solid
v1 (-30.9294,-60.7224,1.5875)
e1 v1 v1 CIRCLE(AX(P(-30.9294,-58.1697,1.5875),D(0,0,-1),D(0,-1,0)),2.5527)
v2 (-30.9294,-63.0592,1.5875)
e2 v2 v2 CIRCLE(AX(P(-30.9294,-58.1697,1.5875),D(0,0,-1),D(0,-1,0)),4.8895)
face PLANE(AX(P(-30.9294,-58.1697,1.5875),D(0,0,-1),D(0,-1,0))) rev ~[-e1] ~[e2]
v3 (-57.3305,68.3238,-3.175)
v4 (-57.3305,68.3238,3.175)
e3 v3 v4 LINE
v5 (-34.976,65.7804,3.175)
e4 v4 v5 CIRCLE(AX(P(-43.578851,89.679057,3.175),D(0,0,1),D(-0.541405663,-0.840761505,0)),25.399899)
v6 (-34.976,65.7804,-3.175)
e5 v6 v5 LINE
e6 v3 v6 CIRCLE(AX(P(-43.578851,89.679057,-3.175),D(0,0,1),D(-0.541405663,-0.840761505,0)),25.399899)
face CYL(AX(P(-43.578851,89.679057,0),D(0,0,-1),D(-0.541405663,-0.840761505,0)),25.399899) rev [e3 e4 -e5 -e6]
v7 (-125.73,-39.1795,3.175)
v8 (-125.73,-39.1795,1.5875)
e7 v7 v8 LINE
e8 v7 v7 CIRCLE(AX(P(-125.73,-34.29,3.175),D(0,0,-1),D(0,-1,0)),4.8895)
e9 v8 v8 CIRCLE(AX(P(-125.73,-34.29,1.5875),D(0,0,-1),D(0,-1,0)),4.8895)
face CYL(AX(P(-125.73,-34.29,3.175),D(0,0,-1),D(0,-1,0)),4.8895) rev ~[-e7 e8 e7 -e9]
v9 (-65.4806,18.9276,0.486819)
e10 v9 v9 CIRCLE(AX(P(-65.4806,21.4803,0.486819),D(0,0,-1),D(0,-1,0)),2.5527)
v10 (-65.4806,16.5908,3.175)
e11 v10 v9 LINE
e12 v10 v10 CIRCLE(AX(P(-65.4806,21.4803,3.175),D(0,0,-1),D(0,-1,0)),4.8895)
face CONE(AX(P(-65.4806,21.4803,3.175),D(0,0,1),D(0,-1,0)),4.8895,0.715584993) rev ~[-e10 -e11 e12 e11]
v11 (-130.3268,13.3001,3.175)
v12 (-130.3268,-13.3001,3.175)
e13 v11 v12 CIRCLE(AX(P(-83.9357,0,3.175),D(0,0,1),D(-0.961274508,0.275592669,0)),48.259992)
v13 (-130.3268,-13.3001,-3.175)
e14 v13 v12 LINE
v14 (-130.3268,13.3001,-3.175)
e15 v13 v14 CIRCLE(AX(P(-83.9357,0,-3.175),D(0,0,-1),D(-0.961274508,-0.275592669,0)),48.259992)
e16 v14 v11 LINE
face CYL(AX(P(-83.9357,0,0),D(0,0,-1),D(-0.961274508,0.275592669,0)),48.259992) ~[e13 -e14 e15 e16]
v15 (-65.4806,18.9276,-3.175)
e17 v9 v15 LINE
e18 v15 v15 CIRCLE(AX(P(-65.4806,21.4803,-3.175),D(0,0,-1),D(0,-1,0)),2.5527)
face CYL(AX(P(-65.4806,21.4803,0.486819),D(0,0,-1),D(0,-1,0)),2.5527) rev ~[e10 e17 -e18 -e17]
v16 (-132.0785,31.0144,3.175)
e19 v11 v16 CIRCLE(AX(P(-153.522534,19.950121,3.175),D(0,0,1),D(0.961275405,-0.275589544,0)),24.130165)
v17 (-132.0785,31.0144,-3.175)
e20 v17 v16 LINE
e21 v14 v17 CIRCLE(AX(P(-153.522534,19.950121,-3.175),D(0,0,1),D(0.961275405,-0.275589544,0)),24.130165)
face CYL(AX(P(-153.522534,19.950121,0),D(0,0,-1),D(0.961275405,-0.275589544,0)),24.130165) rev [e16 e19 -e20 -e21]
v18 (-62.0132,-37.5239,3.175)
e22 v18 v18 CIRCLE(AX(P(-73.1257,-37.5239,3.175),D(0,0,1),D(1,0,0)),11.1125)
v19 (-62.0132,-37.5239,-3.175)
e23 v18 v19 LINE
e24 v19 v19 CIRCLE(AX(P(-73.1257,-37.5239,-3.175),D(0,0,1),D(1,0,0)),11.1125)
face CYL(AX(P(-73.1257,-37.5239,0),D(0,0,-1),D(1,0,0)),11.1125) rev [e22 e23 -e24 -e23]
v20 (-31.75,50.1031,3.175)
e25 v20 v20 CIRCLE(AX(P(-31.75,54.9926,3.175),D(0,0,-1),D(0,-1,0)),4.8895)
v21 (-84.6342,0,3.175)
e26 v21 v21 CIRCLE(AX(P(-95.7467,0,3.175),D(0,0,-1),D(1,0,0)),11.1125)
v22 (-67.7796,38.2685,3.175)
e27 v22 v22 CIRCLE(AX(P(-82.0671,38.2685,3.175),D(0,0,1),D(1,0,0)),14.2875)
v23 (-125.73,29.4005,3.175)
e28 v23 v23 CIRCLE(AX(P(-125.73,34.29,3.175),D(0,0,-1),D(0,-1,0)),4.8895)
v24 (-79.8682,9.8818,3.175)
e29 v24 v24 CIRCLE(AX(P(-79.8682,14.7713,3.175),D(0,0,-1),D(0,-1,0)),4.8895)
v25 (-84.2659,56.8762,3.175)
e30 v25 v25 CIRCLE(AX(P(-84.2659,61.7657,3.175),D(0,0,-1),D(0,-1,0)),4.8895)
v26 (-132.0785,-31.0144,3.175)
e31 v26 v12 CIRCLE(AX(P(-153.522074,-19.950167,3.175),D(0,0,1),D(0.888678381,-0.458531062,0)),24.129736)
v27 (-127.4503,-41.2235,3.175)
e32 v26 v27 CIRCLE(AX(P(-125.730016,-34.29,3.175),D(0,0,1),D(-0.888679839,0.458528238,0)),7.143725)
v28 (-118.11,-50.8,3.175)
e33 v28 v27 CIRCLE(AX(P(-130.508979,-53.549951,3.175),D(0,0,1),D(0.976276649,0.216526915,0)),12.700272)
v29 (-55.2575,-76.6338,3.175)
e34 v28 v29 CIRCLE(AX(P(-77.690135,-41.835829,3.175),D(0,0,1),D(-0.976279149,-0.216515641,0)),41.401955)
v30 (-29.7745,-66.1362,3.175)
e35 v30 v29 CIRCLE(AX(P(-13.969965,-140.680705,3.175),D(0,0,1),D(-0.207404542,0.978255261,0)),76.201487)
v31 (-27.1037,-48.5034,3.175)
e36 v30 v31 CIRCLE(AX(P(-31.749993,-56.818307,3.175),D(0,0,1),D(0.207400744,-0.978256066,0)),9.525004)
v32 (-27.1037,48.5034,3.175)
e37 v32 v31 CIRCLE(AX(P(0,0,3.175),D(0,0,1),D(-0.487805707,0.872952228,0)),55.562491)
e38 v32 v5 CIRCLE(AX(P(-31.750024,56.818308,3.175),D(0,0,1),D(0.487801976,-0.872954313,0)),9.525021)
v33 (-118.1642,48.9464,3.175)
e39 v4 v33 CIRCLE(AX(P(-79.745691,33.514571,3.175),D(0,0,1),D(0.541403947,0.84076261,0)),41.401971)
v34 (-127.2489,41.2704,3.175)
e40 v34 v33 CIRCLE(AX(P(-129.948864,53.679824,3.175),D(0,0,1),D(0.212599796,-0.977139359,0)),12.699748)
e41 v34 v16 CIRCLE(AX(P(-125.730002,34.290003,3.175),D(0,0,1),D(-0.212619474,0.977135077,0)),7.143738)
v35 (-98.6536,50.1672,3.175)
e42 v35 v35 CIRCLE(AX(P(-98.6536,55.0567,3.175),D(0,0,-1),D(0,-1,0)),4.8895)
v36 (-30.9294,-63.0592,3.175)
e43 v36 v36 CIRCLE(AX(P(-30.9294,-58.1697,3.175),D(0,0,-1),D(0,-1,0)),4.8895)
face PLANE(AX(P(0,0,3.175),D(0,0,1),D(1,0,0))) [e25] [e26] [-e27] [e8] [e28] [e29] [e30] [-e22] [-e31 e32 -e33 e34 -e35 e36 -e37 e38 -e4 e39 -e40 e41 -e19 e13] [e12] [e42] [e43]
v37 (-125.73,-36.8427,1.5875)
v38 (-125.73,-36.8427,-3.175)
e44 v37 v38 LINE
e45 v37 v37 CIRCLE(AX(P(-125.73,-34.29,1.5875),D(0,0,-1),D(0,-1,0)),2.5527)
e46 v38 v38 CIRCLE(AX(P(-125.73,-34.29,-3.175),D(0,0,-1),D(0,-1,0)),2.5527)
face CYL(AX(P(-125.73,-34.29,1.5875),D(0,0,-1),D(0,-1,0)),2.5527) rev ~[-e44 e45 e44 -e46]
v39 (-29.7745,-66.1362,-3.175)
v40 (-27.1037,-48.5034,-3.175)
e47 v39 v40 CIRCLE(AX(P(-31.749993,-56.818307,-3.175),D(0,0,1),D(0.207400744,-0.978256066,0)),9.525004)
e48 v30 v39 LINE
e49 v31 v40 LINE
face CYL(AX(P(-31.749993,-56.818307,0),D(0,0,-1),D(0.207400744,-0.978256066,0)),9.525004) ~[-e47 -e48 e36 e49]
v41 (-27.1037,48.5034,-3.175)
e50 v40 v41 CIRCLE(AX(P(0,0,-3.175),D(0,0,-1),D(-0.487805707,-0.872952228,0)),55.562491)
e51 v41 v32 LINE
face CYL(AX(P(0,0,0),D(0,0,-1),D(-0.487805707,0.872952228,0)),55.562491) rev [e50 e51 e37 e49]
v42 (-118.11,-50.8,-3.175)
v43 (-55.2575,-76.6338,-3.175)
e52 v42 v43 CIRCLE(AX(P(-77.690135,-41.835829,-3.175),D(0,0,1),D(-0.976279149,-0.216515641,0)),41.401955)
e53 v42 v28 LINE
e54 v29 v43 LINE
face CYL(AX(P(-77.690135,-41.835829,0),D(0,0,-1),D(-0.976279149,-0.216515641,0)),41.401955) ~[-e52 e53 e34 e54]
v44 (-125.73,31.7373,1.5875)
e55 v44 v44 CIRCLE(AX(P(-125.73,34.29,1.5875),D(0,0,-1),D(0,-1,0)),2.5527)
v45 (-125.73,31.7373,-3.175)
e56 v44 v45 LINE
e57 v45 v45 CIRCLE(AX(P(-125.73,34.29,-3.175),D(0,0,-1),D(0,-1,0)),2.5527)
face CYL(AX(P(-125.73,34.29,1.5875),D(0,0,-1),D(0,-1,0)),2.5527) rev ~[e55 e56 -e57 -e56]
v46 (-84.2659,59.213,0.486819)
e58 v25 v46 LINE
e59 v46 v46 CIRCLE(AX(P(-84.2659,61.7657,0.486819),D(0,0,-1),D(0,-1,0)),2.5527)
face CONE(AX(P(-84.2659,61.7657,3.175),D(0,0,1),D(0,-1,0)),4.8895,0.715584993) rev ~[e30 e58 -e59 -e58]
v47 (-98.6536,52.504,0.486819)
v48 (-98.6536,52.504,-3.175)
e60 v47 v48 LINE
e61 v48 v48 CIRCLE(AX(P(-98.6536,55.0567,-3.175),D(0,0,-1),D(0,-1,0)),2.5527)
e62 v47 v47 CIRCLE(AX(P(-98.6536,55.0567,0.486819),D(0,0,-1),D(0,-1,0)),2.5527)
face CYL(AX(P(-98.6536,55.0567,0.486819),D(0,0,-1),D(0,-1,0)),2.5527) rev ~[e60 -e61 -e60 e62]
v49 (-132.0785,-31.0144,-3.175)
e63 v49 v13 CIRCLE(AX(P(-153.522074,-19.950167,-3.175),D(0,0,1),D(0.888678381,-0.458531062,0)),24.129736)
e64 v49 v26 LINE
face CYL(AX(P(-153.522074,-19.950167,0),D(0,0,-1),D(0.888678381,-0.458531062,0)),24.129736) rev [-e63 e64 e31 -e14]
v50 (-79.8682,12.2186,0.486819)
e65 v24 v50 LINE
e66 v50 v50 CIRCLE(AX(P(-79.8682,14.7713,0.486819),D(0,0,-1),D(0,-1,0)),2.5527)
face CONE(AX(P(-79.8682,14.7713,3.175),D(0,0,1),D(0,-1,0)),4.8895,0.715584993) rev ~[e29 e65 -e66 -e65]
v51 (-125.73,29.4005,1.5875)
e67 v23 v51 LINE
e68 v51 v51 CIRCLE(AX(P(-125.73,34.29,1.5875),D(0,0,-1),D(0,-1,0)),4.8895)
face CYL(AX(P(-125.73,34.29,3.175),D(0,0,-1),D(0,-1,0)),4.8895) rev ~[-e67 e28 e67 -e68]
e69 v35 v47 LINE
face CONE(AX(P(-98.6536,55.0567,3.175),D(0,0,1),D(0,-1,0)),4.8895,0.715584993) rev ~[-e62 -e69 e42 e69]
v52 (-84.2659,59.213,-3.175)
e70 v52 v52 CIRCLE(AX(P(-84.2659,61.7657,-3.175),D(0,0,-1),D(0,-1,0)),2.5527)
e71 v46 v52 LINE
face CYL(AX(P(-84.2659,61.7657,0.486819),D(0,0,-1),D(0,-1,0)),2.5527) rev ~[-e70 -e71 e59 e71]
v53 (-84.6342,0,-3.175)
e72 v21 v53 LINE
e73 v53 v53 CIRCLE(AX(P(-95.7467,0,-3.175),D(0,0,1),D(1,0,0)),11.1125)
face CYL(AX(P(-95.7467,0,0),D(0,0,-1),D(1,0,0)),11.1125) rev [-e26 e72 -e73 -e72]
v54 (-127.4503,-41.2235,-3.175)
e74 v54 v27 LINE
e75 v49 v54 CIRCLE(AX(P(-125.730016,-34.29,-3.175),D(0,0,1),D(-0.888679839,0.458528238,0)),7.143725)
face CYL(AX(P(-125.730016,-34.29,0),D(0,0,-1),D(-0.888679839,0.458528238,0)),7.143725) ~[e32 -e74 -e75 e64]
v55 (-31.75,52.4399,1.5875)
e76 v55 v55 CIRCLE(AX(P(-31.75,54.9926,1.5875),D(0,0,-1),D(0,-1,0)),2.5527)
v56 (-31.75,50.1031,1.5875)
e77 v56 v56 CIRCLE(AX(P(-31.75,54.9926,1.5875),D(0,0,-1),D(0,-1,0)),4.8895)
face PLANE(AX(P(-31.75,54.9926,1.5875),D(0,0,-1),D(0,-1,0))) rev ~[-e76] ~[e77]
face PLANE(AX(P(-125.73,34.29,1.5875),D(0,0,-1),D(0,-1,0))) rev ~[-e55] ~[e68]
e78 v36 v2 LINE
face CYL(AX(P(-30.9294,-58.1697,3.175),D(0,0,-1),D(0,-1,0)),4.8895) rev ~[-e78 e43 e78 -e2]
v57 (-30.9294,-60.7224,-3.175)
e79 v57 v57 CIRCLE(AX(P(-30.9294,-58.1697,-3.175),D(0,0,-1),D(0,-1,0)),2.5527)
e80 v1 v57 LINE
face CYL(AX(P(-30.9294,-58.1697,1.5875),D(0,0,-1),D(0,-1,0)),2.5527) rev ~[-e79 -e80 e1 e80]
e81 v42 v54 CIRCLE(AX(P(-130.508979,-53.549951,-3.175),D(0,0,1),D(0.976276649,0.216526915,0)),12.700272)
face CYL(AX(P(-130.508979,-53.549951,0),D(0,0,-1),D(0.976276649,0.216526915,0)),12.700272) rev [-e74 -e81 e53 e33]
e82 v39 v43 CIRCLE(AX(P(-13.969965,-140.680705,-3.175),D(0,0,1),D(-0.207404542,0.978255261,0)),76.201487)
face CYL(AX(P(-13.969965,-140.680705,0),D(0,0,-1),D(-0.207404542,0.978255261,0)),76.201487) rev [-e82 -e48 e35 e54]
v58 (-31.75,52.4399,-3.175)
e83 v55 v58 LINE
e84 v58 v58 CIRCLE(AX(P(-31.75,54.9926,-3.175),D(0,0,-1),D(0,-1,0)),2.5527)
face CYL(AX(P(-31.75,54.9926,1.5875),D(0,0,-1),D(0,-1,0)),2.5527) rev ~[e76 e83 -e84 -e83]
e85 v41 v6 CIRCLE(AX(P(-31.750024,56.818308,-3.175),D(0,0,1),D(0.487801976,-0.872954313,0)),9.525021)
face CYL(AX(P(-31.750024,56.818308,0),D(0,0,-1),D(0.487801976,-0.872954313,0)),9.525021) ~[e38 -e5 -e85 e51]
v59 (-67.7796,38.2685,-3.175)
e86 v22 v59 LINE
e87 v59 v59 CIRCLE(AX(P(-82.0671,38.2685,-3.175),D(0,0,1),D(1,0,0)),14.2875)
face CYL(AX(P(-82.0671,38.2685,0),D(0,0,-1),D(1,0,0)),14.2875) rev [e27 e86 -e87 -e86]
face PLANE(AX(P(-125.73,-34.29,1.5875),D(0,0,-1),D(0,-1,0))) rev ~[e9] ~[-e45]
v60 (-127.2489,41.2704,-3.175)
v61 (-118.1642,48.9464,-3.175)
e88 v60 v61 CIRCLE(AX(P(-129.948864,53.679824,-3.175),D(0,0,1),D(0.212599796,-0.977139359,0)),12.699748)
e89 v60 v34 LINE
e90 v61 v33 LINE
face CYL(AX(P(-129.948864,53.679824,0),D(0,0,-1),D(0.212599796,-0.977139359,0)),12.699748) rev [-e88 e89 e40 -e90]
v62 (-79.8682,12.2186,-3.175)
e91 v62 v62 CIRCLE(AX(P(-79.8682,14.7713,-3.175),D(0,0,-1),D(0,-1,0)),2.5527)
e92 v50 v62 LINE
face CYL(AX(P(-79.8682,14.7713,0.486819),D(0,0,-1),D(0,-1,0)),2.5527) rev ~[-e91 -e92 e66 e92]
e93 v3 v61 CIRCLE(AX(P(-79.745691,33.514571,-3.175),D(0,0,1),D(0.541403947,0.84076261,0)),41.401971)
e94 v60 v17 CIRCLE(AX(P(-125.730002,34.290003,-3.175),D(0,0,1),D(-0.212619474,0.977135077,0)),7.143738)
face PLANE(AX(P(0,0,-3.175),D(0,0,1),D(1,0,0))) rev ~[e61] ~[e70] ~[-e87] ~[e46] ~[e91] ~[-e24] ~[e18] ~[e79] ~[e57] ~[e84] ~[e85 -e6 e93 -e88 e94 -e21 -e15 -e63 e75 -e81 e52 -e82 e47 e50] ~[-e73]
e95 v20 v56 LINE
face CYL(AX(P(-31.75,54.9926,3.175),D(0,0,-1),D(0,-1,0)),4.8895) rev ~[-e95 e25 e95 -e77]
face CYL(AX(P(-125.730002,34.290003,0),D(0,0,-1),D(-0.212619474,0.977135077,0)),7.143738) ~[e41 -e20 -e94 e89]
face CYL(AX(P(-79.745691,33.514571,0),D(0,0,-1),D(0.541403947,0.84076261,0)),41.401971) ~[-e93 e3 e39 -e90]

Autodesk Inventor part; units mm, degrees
ref_plane "YZ Plane" through (0, 0, 0) normal (1, 0, 0) x (0, 1, 0)
ref_plane "XZ Plane" through (0, 0, 0) normal (0, 1, 0) x (-1, 0, 0)
ref_plane "XY Plane" through (0, 0, 0) normal (0, 0, 1) x (1, 0, 0)
sketch "Sketch1" plane through (0, 0, 0) normal (0, 0, 1) x (1, 0, 0)
  circle A0 centre (0, 0) radius 53.975 construction
  circle A1 centre (-95.7467, 0) radius 11.1125
  circle A2 centre (-73.1257, -37.5239) radius 11.1125
  line L0 (-195.0218, 0) -> (95.4745, 0) projected
  line L1 (0, -186.751) -> (0, 135.7508) projected
  circle A3 centre (-82.0671, 38.2685) radius 14.2875
  arc A4 (-27.1037, 48.5034) -> (-27.1037, -48.5034) centre (0, 0) ccw
  arc A5 (-27.1037, 48.5034) -> (-34.976, 65.7804) centre (-31.75, 56.8183) ccw
  circle A6 centre (-95.7467, 0) radius 33.02 construction
  arc A7 (-57.3305, 68.3238) -> (-118.1642, 48.9464) centre (-79.7457, 33.5145) ccw
  arc A8 (-57.3305, 68.3238) -> (-34.976, 65.7804) centre (-43.5788, 89.6792) ccw
  arc A9 (-29.7745, -66.1362) -> (-27.1037, -48.5034) centre (-31.75, -56.8183) ccw
  arc A10 (-118.11, -50.8) -> (-55.2575, -76.6338) centre (-77.6901, -41.8358) ccw
  arc A11 (-29.7745, -66.1362) -> (-55.2575, -76.6338) centre (-13.9704, -140.6793) ccw
  circle A12 centre (-82.0671, 38.2685) radius 33.02 construction
  circle A13 centre (-73.1257, -37.5239) radius 39.37 construction
  circle A14 centre (-95.7467, 0) radius 10.16 construction
  circle A15 centre (0, 0) radius 16.51 construction
  circle A16 centre (-73.1257, -37.5239) radius 16.51 construction
  line L2 (0, 0) -> (-82.0671, 38.2685) construction
  circle A17 centre (-125.73, 34.29) radius 6.35 construction
  circle A18 centre (-125.73, -34.29) radius 6.35 construction
  line L3 (0, 0) -> (-34.976, 65.7804) construction
  line L4 (0, 0) -> (-57.3305, 68.3238) construction
  arc A19 (-127.2489, 41.2704) -> (-132.0785, 31.0144) centre (-125.73, 34.29) ccw
  arc A20 (-130.3268, 13.3001) -> (-130.3268, -13.3001) centre (-83.9357, 0) ccw
  arc A21 (-130.3268, 13.3001) -> (-132.0785, 31.0144) centre (-153.5223, 19.9501) ccw
  arc A22 (-132.0785, -31.0144) -> (-127.4503, -41.2235) centre (-125.73, -34.29) ccw
  arc A23 (-132.0785, -31.0144) -> (-130.3268, -13.3001) centre (-153.5223, -19.9501) ccw
  arc A24 (-118.11, -50.8) -> (-127.4503, -41.2235) centre (-130.5087, -53.5498) ccw
  arc A25 (-127.2489, 41.2704) -> (-118.1642, 48.9464) centre (-129.949, 53.6801) ccw
  line L5 (-118.1642, 48.9464) -> (0, 48.9464) construction
  line L6 (-118.11, -50.8) -> (0, -50.8) construction
  dimension "d0" = 107.95
  dimension "d9" = 22.225
  dimension "d38" = 28.575
  dimension "d63" = 1.5875
  dimension "d66" = 9.525
  dimension "d77" = 31.75
  dimension "d93" = 66.04
  dimension "d95" = 25.4
  dimension "d106" = 66.04
  dimension "d107" = 78.74
  dimension "d108" = 20.32
  dimension "d110" = 33.02
  dimension "d116" = 43.815
  dimension "d117" = 40.64
  dimension "d118" = 33.02
  dimension "d119" = 22.225
  dimension "d120" = 65
  dimension "d121" = 90.551
  dimension "d125" = 12.7
  dimension "d126" = 12.7
  dimension "d128" = 28
  dimension "d129" = 40
  dimension "d130" = 34.29
  dimension "d131" = 125.73
  dimension "d133" = 34.29
  dimension "d134" = 125.73
  dimension "d141" = 14.2875
  dimension "d144" = 14.2875
  dimension "d145" = 11.811
  dimension "d146" = 24.13
  dimension "d147" = 24.13
  dimension "d150" = 48.26
  dimension "d151" = 12.7
  dimension "d152" = 12.7
  dimension "d153" = 41.402
  dimension "d155" = 76.2
  dimension "d156" = 31.75
  dimension "d157" = 9.525
  dimension "d158" = 118.11
  dimension "d159" = 50.8
extrude "Base" add sketch "Sketch1" along normal mid plane 6.35 contours L0 A4 A9 A11 A10 A24 A22 A23 A20 A1 | A1 L0 A20 A21 A19 A25 A7 A8 A5 A4
sketch "Sketch4" plane through (0, 0, 3.175) normal (0, 0, 1) x (1, 0, 0)
  circle A0 centre (-82.0671, 38.2685) radius 14.2875 projected
  line L0 (-98.6536, 55.0567) -> (-84.2659, 61.7657) construction
  line L1 (-79.8682, 14.7713) -> (-65.4806, 21.4803) construction
  line L2 (-155.0035, 0) -> (-0.0953, 0) projected
  line L3 (0, -114.8687) -> (0, 106.5474) projected
  line L4 (-72.6744, 18.1258) -> (-91.4598, 58.4112) construction
  point P0 (-82.0671, 38.2685)
  dimension "d122" = 15.875
  dimension "d123" = 44.45
  dimension "d124" = 25
hole "Encoder Mount Holes" at (-98.6536, 55.0567, 3.175) at (-84.2659, 61.7657, 3.175) at (-79.8682, 14.7713, 3.175) at (-65.4806, 21.4803, 3.175) direction (0, 0, -1) diameter 5.1054 end through all countersink diameter 9.779 countersink angle 82 clearance for "Flat Head Machine Screw (82)" size "#10" standard "Ansi Unified Screw Threads"
sketch "Sketch5" plane through (0, 0, 3.175) normal (0, 0, 1) x (1, 0, 0)
  arc A0 (-27.1037, 48.5034) -> (-27.1037, -48.5034) centre (0, 0) ccw projected
  line L0 (0, 0) -> (-31.75, 54.9926) construction
  line L1 (-159.4485, 0) -> (26.5747, 0) construction
  line L2 (0, -114.8687) -> (0, 106.5474) construction
  line L3 (-30.9294, -58.1697) -> (0, 0) construction
  dimension "d64" = 30
  dimension "d65" = 63.5
  dimension "d100" = 65.8812
  dimension "d102" = 62
hole "Standoff holes to motor plate" at (-31.75, 54.9926, 3.175) at (-30.9294, -58.1697, 3.175) direction (0, 0, -1) diameter 5.1054 end through all counterbore diameter 9.779 counterbore depth 1.5875 clearance for "Flat Head Machine Screw (82)" size "#10" standard "Ansi Unified Screw Threads"
sketch "Sketch7" plane through (0, 0, 3.175) normal (0, 0, 1) x (1, 0, 0)
  arc A0 (-127.2489, 41.2704) -> (-132.0785, 31.0144) centre (-125.73, 34.29) ccw projected
  arc A1 (-132.0785, -31.0144) -> (-127.4503, -41.2235) centre (-125.73, -34.29) ccw projected
hole "Standoff holes to front plate" at (-125.73, 34.29, 3.175) at (-125.73, -34.29, 3.175) direction (0, 0, -1) diameter 5.1054 end through all counterbore diameter 9.779 counterbore depth 1.5875 clearance for "Flat Head Machine Screw (82)" size "#10" standard "Ansi Unified Screw Threads"
properties part number "connected plate"
